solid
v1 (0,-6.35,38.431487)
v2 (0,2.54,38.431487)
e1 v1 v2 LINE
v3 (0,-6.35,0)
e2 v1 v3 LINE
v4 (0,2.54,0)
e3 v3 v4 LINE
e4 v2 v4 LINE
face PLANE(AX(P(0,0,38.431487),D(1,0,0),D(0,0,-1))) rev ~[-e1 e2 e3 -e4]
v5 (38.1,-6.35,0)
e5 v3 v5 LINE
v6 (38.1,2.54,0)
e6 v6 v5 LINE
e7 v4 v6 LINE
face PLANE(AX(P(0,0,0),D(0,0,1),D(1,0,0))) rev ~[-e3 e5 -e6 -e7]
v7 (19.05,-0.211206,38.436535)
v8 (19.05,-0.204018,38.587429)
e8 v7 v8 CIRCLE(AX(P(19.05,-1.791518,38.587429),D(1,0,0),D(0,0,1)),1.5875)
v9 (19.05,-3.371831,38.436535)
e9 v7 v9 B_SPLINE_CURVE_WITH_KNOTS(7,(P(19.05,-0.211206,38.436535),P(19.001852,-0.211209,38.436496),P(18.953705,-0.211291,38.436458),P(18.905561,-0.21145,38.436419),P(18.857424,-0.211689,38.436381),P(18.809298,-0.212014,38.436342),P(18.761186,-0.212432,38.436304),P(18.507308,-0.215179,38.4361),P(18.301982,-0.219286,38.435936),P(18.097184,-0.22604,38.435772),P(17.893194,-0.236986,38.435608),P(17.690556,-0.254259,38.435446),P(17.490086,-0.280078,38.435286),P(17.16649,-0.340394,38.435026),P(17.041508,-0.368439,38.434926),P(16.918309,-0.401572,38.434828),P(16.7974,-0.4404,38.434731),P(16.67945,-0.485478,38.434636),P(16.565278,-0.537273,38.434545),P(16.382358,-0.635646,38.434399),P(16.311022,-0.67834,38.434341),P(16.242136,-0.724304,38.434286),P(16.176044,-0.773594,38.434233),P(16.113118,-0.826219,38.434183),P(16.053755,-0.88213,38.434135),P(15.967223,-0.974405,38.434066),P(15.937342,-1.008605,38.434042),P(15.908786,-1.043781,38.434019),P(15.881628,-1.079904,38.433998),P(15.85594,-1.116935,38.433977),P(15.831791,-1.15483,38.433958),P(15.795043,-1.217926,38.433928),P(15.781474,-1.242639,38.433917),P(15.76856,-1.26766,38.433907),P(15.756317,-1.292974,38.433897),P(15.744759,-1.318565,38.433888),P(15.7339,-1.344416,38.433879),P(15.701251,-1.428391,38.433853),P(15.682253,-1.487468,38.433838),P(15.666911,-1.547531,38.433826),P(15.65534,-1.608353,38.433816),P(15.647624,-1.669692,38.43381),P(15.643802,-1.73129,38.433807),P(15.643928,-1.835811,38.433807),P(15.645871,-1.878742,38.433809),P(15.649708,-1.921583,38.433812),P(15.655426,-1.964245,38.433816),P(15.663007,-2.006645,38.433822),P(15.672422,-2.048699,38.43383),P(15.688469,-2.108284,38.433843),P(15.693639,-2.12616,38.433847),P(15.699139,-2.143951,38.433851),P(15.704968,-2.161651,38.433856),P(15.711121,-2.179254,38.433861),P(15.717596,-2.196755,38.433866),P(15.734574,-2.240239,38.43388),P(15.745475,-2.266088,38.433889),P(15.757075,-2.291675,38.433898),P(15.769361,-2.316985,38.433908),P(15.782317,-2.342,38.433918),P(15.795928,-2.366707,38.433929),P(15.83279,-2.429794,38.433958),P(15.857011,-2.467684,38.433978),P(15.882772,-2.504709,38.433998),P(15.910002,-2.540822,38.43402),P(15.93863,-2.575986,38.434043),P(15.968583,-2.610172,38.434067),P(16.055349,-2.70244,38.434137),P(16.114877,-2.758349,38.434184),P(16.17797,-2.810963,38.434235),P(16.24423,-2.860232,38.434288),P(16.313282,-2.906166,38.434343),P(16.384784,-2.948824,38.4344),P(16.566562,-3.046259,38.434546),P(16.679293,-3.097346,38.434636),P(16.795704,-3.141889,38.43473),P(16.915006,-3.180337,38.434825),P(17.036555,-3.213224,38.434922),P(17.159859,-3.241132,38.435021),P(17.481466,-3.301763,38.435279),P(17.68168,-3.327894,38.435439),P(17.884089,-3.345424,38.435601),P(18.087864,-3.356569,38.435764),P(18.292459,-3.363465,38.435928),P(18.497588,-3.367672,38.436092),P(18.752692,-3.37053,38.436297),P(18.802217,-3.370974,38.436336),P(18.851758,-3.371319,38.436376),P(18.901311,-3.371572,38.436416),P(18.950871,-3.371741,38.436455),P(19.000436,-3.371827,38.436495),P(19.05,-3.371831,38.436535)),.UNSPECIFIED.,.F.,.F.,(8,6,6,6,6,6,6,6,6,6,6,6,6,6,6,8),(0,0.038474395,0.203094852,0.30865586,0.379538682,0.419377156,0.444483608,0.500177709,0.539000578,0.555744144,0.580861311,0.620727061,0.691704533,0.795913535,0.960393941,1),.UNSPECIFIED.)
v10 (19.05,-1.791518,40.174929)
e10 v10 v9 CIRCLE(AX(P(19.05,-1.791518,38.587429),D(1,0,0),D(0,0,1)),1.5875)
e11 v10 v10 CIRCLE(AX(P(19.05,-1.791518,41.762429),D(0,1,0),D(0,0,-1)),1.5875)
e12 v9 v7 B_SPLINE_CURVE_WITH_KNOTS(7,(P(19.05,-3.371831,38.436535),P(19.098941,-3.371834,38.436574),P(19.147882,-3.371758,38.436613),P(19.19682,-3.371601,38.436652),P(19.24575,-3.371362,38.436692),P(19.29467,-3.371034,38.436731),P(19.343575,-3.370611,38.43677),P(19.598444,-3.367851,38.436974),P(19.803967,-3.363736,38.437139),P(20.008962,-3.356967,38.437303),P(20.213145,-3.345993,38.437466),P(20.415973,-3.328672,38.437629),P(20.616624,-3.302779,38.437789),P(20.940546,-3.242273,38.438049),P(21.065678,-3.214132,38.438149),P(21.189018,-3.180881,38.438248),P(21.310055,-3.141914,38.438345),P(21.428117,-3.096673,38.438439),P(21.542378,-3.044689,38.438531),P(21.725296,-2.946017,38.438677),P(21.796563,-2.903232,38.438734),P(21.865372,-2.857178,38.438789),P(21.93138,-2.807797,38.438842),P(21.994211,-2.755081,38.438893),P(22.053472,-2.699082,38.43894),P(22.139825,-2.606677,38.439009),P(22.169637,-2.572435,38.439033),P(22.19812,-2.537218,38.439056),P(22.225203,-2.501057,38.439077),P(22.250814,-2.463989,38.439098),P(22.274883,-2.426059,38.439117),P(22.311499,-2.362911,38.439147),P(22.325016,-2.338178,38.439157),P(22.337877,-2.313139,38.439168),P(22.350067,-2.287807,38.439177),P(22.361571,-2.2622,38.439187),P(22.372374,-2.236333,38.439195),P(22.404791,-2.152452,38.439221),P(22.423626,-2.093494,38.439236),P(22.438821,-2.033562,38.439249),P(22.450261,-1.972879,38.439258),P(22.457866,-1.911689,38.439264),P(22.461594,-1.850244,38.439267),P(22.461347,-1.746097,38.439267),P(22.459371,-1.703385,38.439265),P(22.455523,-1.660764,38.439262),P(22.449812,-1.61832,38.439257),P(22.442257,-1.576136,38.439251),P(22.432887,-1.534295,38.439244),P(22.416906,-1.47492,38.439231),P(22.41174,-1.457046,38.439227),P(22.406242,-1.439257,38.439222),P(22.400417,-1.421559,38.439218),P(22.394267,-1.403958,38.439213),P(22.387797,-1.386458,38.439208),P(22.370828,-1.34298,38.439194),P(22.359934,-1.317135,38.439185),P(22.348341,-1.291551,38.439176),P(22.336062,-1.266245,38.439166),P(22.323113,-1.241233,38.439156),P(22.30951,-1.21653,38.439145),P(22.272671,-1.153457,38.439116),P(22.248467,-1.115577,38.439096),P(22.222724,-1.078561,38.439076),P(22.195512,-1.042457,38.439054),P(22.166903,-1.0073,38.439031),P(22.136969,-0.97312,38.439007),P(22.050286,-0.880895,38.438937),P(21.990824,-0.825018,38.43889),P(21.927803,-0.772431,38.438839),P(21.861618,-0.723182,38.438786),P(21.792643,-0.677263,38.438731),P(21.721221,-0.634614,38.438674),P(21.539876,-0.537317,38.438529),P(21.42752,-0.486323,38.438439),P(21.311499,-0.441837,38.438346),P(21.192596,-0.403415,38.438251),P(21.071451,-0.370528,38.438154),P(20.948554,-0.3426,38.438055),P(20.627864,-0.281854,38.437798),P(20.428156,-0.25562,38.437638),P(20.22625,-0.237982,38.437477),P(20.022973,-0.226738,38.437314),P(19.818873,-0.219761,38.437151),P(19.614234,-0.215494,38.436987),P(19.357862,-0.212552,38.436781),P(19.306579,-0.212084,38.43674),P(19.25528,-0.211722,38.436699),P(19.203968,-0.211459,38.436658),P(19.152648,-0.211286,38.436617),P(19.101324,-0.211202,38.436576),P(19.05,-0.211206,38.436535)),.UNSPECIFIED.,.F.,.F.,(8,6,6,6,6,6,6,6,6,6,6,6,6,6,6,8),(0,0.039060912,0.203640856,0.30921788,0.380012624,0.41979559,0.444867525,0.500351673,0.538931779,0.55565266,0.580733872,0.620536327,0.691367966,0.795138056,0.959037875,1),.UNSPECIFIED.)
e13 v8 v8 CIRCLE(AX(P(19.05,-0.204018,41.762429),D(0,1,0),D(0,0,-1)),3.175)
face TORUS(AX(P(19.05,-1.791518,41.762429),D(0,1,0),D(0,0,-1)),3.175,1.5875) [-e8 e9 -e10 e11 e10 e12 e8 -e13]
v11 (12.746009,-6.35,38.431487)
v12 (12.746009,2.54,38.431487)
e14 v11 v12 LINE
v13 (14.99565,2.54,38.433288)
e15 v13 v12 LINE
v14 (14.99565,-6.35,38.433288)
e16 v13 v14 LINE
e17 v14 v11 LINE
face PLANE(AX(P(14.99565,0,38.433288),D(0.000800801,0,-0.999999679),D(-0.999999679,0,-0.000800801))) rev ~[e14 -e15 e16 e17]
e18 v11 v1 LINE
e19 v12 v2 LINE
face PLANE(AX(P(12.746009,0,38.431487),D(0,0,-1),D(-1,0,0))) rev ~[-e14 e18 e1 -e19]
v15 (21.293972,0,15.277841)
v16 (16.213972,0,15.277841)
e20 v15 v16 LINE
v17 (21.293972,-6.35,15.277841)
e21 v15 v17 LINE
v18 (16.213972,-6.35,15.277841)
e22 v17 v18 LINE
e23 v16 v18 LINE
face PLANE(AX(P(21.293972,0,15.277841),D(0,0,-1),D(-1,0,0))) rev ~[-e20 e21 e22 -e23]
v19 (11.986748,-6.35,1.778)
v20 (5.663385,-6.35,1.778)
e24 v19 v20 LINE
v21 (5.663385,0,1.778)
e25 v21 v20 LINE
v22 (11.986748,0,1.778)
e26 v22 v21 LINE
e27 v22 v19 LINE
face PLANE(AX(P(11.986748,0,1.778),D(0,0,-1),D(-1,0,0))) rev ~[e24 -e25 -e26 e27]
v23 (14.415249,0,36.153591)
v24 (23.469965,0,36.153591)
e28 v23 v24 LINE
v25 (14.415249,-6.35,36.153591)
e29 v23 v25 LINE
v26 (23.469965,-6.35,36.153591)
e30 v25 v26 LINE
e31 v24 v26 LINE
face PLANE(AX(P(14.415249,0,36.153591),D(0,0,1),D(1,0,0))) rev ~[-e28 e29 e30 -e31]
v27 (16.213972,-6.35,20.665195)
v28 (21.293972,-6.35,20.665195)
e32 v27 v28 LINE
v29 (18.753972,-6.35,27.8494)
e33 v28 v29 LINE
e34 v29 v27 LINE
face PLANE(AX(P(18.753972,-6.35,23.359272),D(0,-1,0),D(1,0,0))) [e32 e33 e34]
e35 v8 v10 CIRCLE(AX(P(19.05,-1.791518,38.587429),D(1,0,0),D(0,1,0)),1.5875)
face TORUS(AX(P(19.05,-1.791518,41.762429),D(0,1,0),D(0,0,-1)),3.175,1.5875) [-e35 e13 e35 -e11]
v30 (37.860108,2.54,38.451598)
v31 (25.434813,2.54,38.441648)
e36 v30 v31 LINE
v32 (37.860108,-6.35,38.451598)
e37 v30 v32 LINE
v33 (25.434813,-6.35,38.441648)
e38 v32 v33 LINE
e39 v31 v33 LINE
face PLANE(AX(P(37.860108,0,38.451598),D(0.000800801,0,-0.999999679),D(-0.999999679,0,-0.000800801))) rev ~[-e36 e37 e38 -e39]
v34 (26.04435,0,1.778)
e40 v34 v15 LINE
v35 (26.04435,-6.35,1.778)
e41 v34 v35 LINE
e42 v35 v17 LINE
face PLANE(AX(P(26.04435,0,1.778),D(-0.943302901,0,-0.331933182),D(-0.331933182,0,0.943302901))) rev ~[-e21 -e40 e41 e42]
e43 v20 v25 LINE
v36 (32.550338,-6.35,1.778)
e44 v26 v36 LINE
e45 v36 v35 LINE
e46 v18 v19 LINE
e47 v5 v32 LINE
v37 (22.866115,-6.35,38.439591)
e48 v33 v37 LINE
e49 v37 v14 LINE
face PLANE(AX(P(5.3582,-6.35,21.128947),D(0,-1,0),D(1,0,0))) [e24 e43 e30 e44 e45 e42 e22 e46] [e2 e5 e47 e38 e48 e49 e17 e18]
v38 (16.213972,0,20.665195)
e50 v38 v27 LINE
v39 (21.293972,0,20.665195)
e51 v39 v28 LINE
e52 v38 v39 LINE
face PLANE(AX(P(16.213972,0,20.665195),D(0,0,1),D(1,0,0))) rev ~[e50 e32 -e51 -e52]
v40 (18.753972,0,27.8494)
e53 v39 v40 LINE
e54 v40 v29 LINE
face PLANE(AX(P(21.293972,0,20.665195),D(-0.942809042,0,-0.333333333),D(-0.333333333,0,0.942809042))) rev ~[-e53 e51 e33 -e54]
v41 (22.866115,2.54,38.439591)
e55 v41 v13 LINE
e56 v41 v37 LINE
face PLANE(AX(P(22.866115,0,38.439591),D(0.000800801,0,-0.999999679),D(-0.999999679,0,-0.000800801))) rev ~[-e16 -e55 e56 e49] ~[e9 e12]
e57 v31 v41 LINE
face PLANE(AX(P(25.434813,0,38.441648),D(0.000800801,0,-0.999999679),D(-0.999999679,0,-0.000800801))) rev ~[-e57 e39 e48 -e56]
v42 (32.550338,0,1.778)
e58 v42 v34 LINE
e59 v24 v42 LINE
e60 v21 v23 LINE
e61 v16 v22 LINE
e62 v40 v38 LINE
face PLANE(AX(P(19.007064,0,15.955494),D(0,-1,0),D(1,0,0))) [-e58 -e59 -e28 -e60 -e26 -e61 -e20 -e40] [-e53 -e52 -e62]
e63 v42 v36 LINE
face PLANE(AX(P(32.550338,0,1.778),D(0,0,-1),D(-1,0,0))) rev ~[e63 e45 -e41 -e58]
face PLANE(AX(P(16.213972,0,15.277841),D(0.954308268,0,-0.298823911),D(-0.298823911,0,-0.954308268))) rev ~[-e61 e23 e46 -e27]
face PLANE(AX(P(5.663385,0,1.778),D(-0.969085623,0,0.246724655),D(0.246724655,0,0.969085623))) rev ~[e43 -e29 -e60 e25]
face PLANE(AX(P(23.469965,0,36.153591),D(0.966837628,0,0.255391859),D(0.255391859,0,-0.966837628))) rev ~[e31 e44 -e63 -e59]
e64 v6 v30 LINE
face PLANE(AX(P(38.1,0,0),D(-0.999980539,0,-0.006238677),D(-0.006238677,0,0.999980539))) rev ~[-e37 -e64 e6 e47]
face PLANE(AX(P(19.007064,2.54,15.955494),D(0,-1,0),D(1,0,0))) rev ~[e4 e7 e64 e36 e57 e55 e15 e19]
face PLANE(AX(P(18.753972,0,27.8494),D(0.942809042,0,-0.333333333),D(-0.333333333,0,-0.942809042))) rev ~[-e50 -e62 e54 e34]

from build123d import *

# Parameters (mm, degrees)
F1_DEPTH = 2.54
F2_DEPTH = 6.35


with BuildPart() as f1:
    # F0 (on Front) → F1 (new body)
    with BuildSketch(Plane.XZ):
        Polygon((14.4152494168, 36.1535907401), (5.6633852157, 1.778), (11.9867476806, 1.778), (16.2139723114, 15.2778414103), (21.2939723114, 15.2778414103), (26.0443502781, 1.778), (32.5503381746, 1.778), (23.4699654551, 36.1535907401), align=None)
        Polygon((21.2939723114, 20.6651952089), (16.2139723114, 20.6651952089), (18.7539723114, 27.8494001058), align=None, mode=Mode.SUBTRACT)
        Polygon((0, 0), (5.08, 0), (5.2107147535, 0), (5.6633852157, 1.778), (14.4152494168, 36.1535907401), (14.9956496651, 38.4332880643), (12.7460089281, 38.4314865499), (0, 38.4314865499), align=None)
        Polygon((32.5503381746, 1.778), (33.02, 0), (38.1, 0), (37.8601082237, 38.4515979446), (25.4348134573, 38.4416477567), (22.8661145367, 38.4395907401), (23.4699654551, 36.1535907401), align=None)
        Polygon((11.9867476806, 1.778), (11.43, 0), (26.67, 0), (26.0443502781, 1.778), (21.2939723114, 15.2778414103), (16.2139723114, 15.2778414103), align=None)
        Polygon((14.9956496651, 38.4332880643), (14.4152494168, 36.1535907401), (23.4699654551, 36.1535907401), (22.8661145367, 38.4395907401), align=None)
        Polygon((18.7539723114, 27.8494001058), (16.2139723114, 20.6651952089), (21.2939723114, 20.6651952089), align=None)
        Polygon((26.0443502781, 1.778), (26.67, 0), (33.02, 0), (32.5503381746, 1.778), align=None)
        Polygon((5.6633852157, 1.778), (5.2107147535, 0), (11.43, 0), (11.9867476806, 1.778), align=None)
    extrude(amount=-F1_DEPTH)

    # F0 (on Front) → F2 (join)
    with BuildSketch(Plane.XZ):
        Polygon((0, 0), (5.08, 0), (5.2107147535, 0), (5.6633852157, 1.778), (14.4152494168, 36.1535907401), (14.9956496651, 38.4332880643), (12.7460089281, 38.4314865499), (0, 38.4314865499), align=None)
        Polygon((18.7539723114, 27.8494001058), (16.2139723114, 20.6651952089), (21.2939723114, 20.6651952089), align=None)
        Polygon((32.5503381746, 1.778), (33.02, 0), (38.1, 0), (37.8601082237, 38.4515979446), (25.4348134573, 38.4416477567), (22.8661145367, 38.4395907401), (23.4699654551, 36.1535907401), align=None)
        Polygon((11.9867476806, 1.778), (11.43, 0), (26.67, 0), (26.0443502781, 1.778), (21.2939723114, 15.2778414103), (16.2139723114, 15.2778414103), align=None)
        Polygon((14.9956496651, 38.4332880643), (14.4152494168, 36.1535907401), (23.4699654551, 36.1535907401), (22.8661145367, 38.4395907401), align=None)
        Polygon((26.0443502781, 1.778), (26.67, 0), (33.02, 0), (32.5503381746, 1.778), align=None)
        Polygon((5.6633852157, 1.778), (5.2107147535, 0), (11.43, 0), (11.9867476806, 1.778), align=None)
    extrude(amount=F2_DEPTH)

    # F4 (on offset) → F5 (revolve)
    with BuildSketch(Plane.YZ.offset(19.05)):
        with BuildLine():
            ThreePointArc((-1.7915181816, 40.1749286294), (-2.9140501967, 37.4648966143), (-0.2040181816, 38.5874286294))
            ThreePointArc((-0.2040181816, 38.5874286294), (-0.6689861664, 39.7099606445), (-1.7915181816, 40.1749286294))
        make_face()
    revolve(axis=Axis((19.05, 1.9485244993, 41.7624286294), (0, 1, 0)))


solid = f1.part
